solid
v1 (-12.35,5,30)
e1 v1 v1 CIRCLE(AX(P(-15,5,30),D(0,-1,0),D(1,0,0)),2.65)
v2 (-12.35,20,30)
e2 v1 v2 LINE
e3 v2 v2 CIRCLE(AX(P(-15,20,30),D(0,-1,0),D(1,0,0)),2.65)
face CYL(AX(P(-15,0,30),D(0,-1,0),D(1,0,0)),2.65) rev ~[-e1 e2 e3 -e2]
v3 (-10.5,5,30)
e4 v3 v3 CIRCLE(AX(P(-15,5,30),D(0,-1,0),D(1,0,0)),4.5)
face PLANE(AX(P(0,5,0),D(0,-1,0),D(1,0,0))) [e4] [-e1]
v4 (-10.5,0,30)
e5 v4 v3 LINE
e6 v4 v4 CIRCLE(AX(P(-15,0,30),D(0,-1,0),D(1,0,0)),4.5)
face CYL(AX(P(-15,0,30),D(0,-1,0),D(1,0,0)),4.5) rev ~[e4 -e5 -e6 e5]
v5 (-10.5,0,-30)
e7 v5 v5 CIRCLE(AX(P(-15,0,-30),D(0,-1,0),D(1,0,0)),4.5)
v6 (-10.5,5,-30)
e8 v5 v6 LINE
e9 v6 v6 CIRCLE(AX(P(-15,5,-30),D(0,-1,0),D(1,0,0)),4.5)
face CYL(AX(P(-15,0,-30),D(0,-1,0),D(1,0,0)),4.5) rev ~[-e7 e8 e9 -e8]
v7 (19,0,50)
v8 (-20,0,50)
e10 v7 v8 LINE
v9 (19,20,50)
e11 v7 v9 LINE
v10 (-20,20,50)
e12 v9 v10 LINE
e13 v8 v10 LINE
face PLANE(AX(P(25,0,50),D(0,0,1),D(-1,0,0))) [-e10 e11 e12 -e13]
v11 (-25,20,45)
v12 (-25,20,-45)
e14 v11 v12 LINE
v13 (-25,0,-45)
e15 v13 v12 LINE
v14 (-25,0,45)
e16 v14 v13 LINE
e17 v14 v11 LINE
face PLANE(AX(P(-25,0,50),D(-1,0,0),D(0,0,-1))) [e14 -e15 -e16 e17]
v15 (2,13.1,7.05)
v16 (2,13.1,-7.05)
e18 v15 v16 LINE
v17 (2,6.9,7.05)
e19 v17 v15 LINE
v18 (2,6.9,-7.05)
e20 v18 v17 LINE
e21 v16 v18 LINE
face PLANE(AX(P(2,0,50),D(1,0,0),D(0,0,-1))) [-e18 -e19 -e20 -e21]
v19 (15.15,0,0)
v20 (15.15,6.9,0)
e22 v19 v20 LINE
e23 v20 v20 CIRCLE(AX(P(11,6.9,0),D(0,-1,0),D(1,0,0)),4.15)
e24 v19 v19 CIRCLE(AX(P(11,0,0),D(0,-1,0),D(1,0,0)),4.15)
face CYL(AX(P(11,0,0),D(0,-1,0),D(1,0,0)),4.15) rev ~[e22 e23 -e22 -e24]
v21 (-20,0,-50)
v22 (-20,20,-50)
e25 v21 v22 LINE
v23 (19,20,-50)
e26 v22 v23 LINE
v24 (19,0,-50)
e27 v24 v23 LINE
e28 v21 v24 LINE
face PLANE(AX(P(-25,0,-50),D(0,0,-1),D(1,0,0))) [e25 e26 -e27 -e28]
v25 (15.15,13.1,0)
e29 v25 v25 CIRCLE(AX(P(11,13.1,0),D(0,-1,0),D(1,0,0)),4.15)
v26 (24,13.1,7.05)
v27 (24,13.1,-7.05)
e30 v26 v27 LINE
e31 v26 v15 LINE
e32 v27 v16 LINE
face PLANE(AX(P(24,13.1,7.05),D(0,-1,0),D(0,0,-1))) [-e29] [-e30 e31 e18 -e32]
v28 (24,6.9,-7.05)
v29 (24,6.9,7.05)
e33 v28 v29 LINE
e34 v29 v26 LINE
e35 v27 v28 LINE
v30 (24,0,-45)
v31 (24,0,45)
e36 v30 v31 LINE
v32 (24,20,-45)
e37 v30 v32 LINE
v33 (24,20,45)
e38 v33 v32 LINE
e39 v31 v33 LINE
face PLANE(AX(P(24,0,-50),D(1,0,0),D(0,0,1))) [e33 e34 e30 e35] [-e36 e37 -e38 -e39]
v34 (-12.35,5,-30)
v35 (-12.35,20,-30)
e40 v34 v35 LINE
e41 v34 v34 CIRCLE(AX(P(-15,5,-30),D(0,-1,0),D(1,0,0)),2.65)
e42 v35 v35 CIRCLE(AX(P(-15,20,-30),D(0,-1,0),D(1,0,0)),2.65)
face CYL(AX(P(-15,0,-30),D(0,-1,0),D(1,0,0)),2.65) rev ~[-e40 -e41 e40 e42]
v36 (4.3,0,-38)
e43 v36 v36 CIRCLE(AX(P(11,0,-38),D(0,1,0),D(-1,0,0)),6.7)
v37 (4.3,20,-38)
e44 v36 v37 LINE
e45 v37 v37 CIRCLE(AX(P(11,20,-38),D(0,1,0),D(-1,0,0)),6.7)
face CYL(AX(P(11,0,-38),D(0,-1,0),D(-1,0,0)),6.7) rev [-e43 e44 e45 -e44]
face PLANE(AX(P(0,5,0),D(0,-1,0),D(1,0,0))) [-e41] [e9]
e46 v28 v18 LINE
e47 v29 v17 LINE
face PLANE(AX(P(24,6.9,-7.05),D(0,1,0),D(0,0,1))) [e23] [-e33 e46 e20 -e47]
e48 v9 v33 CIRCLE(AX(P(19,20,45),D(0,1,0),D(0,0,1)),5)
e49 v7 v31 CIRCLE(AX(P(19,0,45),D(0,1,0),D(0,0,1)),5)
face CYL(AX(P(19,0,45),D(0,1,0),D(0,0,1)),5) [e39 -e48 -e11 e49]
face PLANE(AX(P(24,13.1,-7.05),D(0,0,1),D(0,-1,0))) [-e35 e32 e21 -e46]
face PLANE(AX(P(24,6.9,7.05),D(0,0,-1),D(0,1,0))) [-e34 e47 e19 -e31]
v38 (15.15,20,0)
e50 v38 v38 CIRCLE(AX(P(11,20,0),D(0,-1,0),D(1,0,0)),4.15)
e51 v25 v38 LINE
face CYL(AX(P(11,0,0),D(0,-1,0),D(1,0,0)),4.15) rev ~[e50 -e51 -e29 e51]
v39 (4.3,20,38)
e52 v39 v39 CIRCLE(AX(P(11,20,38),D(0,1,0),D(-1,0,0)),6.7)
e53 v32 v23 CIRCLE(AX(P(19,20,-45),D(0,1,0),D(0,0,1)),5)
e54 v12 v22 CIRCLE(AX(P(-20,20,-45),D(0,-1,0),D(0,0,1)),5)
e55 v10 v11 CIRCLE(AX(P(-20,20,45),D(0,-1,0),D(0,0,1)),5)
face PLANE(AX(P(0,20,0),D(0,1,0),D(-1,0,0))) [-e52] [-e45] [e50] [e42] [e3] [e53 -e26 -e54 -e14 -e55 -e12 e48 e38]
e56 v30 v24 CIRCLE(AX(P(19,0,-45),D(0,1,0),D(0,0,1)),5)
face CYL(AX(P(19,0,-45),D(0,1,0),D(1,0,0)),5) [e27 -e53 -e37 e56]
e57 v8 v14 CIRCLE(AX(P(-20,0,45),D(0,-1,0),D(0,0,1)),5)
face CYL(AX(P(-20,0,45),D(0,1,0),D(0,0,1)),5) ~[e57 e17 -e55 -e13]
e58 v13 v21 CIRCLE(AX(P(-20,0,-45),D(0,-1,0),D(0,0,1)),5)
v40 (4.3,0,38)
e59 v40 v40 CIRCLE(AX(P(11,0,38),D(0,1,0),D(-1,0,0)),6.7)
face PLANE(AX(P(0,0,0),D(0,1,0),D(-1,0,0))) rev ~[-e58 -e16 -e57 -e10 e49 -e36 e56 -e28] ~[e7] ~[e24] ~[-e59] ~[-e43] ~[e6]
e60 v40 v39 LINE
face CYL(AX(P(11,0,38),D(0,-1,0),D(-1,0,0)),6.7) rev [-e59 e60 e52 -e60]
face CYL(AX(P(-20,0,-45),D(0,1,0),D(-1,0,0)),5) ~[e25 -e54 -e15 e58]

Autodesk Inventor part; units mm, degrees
ref_plane "YZ Plane" through (0, 0, 0) normal (1, 0, 0) x (0, 1, 0)
ref_plane "XZ Plane" through (0, 0, 0) normal (0, 1, 0) x (-1, 0, 0)
ref_plane "XY Plane" through (0, 0, 0) normal (0, 0, 1) x (1, 0, 0)
sketch "Sketch1" plane through (0, 0, 0) normal (0, 1, 0) x (-1, 0, 0)
  line L0 (-25, 50) -> (25, 50)
  line L1 (25, 50) -> (25, -50)
  line L2 (25, -50) -> (-25, -50)
  line L3 (-25, -50) -> (-25, 50)
  line L4 (-25, 50) -> (25, -50) construction
  line L5 (25, 50) -> (-25, -50) construction
  circle A0 centre (-11, 38) radius 6.7
  circle A1 centre (-11, -38) radius 6.7
  point P0 (0, 0)
  dimension "d0" = 13.4
  dimension "d1" = 100
  dimension "d2" = 50
  dimension "d4" = 12
  dimension "d5" = 12
  dimension "d6" = 14
extrude "Extrusion1" add sketch "Sketch1" along normal blind 20
sketch "Sketch2" plane through (0, 0, 0) normal (0, -1, 0) x (1, 0, 0)
  circle A0 centre (-15, -30) radius 2.65
  circle A1 centre (-15, 30) radius 2.65
  line L0 (-25, -50) -> (-25, 50) projected
  line L1 (25, -50) -> (-25, -50) projected
  line L2 (-25, 50) -> (25, 50) projected
  point P0 (0, 0)
  dimension "d9" = 5.3
  dimension "d10" = 10
  dimension "d11" = 20
  dimension "d12" = 20
  dimension "d13" = 10
extrude "Extrusion2" cut sketch "Sketch2" against normal through all
sketch "Sketch3" plane through (0, 0, 0) normal (0, -1, 0) x (1, 0, 0)
  line L0 (25, 50) -> (25, -50) projected
  line L1 (-25, 50) -> (25, 50) projected
  line L2 (25, -50) -> (24, -50)
  line L3 (24, -50) -> (24, 50)
  line L4 (24, 50) -> (25, 50)
  line L5 (25, 50) -> (25, -50)
  point P0 (0, 0)
  dimension "d16" = 1
extrude "Extrusion3" cut sketch "Sketch3" against normal through all
fillet "Fillet1" radius 5 2 edges at (-25, 10, 50) (-25, 10, -50)
sketch "Sketch4" plane through (0, 0, 0) normal (0, -1, 0) x (1, 0, 0)
  circle A0 centre (-15, -30) radius 2.65 projected
  circle A1 centre (-15, -30) radius 4.1
  circle A2 centre (-15, 30) radius 2.65 projected
  circle A3 centre (-15, 30) radius 4.1
  line L0 (-19.7343, -30) -> (-17.3671, -25.9)
  line L1 (-17.3671, -25.9) -> (-12.6329, -25.9)
  line L2 (-12.6329, -25.9) -> (-10.2657, -30)
  line L3 (-10.2657, -30) -> (-12.6329, -34.1)
  line L4 (-12.6329, -34.1) -> (-17.3671, -34.1)
  line L5 (-17.3671, -34.1) -> (-19.7343, -30)
  line L6 (-19.7311, 29.8275) -> (-17.5149, 34.011)
  line L7 (-17.5149, 34.011) -> (-12.7838, 34.1835)
  line L8 (-12.7838, 34.1835) -> (-10.2689, 30.1725)
  line L9 (-10.2689, 30.1725) -> (-12.4851, 25.989)
  line L10 (-12.4851, 25.989) -> (-17.2162, 25.8165)
  line L11 (-17.2162, 25.8165) -> (-19.7311, 29.8275)
  point P0 (0, 0)
  dimension "d20" = 8.2
  dimension "d21" = 8.2
extrude "Extrusion4" [suppressed]
sketch "Sketch5" plane through (0, 0, 0) normal (0, -1, 0) x (1, 0, 0)
  circle A0 centre (11, 0) radius 4.15
  circle A1 centre (11, -38) radius 6.7 projected
  point P0 (0, 0)
  dimension "d24" = 8.3
extrude "Extrusion5" cut sketch "Sketch5" against normal through all contours A0
sketch "Sketch6" plane through (24, 0, 50) normal (1, 0, 0) x (0, 0, -1)
  line L0 (57.05, 6.9) -> (42.95, 6.9)
  line L1 (42.95, 6.9) -> (42.95, 13.1)
  line L2 (42.95, 13.1) -> (57.05, 13.1)
  line L3 (57.05, 13.1) -> (57.05, 6.9)
  line L4 (57.05, 6.9) -> (42.95, 13.1) construction
  line L5 (42.95, 6.9) -> (57.05, 13.1) construction
  line L6 (0, 20) -> (100, 20) projected
  point P0 (50, 0)
  point P1 (50, 10)
  dimension "d27" = 10
  dimension "d28" = 14.1
  dimension "d29" = 6.2
extrude "Extrusion6" cut sketch "Sketch6" against normal blind 22
fillet "Fillet2" radius 5 2 edges at (24, 10, -50) (24, 10, 50)
sketch "Sketch7" plane through (0, 0, 0) normal (0, -1, 0) x (1, 0, 0)
  circle A0 centre (-15, -30) radius 2.65 projected
  circle A1 centre (-15, -30) radius 4.5
  circle A2 centre (-15, 30) radius 2.65 projected
  circle A3 centre (-15, 30) radius 4.5
  point P0 (0, 0)
  dimension "d35" = 9
extrude "Extrusion7" cut sketch "Sketch7" against normal blind 5 contours A1 | A2 | A3
properties part number "Movingjaw"
